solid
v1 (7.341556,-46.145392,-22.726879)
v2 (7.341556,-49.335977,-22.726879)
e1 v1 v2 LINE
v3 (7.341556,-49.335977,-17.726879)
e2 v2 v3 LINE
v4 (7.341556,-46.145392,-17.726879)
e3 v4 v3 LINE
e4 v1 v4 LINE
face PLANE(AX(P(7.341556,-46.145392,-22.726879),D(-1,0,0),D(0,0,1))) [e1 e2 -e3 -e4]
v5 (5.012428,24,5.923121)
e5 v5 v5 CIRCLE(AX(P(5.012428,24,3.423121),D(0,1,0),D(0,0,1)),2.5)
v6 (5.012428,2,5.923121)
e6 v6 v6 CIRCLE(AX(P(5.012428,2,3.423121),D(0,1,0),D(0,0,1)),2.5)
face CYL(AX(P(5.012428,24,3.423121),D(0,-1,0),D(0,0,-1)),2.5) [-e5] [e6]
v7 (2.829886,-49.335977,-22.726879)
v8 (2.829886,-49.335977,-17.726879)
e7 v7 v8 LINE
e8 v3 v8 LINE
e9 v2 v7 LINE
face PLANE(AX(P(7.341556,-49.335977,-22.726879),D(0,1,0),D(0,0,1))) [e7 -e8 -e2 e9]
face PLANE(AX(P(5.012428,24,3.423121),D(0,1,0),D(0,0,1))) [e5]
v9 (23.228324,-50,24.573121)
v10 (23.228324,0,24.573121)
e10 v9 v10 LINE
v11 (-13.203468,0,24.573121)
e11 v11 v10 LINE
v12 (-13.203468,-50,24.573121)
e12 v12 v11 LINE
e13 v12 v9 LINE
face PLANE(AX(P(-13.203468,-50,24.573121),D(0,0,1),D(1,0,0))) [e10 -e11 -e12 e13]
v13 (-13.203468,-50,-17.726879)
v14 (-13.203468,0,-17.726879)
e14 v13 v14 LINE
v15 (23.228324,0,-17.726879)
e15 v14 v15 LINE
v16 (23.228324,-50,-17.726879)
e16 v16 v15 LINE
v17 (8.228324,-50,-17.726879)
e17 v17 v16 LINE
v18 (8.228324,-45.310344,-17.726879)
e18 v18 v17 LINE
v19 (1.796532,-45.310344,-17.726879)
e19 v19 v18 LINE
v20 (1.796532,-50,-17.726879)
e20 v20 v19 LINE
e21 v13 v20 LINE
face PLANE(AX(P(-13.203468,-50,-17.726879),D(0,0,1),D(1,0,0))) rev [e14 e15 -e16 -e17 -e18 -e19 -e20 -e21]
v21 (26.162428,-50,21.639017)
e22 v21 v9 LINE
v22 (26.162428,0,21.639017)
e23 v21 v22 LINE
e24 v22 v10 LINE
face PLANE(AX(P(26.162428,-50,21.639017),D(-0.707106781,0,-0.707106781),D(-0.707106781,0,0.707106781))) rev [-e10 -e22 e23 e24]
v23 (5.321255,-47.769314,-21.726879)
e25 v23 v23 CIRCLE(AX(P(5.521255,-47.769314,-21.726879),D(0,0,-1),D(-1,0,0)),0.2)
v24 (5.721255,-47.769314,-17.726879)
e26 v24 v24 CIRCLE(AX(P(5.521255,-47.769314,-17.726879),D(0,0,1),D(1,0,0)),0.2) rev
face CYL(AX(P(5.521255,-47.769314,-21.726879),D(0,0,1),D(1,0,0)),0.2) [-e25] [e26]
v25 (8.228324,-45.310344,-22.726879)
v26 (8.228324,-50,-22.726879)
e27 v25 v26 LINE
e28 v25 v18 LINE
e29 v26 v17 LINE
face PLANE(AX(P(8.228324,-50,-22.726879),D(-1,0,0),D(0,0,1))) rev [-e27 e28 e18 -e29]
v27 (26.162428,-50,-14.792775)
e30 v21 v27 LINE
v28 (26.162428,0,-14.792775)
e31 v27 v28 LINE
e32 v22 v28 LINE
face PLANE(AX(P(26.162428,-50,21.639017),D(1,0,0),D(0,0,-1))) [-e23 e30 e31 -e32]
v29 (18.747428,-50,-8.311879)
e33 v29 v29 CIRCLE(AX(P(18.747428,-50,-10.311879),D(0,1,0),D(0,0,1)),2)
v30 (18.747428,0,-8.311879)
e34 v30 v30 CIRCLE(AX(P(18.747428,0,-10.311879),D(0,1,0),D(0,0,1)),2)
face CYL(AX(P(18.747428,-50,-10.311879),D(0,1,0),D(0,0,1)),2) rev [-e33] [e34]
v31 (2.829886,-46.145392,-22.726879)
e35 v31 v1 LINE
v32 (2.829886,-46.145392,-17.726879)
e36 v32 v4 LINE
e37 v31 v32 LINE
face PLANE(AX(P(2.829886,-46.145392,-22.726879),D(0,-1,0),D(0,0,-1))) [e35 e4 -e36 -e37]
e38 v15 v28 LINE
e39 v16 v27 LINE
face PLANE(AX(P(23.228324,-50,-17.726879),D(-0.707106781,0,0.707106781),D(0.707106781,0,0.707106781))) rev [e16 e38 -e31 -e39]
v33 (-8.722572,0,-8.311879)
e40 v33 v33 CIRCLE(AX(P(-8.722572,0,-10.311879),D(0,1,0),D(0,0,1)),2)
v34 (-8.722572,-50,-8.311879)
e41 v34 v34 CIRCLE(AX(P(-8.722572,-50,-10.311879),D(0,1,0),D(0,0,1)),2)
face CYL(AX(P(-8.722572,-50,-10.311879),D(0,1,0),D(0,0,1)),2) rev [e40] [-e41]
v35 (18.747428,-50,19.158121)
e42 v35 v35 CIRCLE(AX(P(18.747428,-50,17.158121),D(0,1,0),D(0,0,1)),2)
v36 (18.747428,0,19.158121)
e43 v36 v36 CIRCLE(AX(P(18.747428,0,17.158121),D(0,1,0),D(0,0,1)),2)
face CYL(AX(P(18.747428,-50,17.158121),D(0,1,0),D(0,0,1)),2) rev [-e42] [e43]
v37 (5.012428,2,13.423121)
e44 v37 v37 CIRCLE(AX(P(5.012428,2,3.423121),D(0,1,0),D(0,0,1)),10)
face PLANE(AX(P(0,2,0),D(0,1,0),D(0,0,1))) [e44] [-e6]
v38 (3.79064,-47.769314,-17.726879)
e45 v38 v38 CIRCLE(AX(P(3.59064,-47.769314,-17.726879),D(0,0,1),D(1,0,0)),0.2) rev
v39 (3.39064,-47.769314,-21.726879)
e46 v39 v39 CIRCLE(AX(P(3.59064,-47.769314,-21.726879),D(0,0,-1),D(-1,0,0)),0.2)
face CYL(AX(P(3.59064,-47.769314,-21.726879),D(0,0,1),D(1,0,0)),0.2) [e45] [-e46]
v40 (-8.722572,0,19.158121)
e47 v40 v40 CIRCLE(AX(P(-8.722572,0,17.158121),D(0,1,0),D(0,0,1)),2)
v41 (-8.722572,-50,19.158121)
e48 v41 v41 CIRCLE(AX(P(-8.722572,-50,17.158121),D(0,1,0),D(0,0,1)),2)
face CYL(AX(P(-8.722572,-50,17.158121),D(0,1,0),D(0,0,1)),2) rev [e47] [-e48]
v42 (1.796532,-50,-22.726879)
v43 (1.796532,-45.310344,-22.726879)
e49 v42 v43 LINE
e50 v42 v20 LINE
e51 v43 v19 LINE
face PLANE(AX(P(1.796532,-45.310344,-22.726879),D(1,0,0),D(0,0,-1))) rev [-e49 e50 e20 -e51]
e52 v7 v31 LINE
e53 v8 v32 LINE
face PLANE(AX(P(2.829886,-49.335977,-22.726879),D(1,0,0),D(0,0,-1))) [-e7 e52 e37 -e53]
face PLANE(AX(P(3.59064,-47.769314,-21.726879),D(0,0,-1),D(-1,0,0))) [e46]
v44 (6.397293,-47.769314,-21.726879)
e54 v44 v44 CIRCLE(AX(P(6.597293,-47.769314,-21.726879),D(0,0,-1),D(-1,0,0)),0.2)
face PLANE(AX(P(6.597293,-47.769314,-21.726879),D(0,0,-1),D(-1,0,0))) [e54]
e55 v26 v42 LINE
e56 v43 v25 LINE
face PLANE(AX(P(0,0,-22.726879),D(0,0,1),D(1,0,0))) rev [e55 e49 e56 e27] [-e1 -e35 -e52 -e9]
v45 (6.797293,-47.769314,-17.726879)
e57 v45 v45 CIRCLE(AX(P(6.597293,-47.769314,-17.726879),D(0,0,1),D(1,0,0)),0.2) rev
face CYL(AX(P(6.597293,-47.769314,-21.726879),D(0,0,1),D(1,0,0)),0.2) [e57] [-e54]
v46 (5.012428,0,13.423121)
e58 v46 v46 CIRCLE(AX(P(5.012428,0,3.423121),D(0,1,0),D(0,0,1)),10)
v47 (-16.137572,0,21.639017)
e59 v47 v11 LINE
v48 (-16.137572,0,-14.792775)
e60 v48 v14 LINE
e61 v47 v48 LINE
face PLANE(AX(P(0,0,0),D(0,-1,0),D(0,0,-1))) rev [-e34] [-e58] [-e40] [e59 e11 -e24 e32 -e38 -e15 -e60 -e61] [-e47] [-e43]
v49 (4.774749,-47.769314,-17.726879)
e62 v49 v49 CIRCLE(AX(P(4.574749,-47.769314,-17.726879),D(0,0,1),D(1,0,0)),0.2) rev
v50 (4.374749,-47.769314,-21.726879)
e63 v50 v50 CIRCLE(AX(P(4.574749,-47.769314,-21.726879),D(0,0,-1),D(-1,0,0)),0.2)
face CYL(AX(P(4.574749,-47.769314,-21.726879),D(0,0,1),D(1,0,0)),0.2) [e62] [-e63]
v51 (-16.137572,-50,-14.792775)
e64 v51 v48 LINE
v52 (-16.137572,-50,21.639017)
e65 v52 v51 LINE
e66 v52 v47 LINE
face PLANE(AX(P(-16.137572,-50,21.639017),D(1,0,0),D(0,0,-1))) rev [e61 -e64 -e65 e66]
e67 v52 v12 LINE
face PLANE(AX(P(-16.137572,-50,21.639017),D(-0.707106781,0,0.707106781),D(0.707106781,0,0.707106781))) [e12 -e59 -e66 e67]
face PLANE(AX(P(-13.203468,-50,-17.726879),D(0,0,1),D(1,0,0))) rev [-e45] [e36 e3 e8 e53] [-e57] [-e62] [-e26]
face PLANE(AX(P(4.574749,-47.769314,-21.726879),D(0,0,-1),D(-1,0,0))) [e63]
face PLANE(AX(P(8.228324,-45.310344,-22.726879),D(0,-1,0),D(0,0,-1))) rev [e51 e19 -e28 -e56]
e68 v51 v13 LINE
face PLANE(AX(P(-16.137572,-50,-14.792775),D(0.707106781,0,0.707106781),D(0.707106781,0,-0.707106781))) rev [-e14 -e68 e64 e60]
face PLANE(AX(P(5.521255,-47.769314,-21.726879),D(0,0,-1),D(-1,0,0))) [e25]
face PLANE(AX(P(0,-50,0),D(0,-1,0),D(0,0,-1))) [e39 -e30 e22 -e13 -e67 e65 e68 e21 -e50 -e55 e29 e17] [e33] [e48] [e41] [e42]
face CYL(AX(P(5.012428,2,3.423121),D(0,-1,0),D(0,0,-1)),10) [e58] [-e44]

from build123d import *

# Parameters (mm, degrees)
SKETCH_1_R      = 10
EXTRUDE_2_DEPTH = 2
SKETCH_1_6_R    = 2
EXTRUDE_5_DEPTH = 50
SKETCH_8_W      = 6.431791907
SKETCH_8_H      = 4.68965636
SKETCH_8_W_2    = 4.511669879
SKETCH_8_H_2    = 3.190584844
EXTRUDE_7_DEPTH = 5
SKETCH_10_R     = 0.2
EXTRUDE_8_DEPTH = 4
SKETCH_11_R     = 2.5
EXTRUDE_9_DEPTH = 22


with BuildPart() as part:
    # 草图1 → 凸台-拉伸2 (new body)
    with BuildSketch(Plane(origin=(0, 0, 0), x_dir=(1, 0, 0), z_dir=(0, 1, 0))):
        with Locations((5.012427746, -3.423121387)):
            Circle(SKETCH_1_R)
    extrude(amount=EXTRUDE_2_DEPTH)

    # 草图1<6> → 凸台-拉伸5 (add)
    with BuildSketch(Plane(origin=(0, 0, 0), x_dir=(1, 0, 0), z_dir=(0, 1, 0))):
        Polygon((-16.137572254, -21.639017341), (-16.137572254, 14.792774566), (-13.203468208, 17.726878613), (23.228323699, 17.726878613), (26.162427746, 14.792774566), (26.162427746, -21.639017341), (23.228323699, -24.573121387), (-13.203468208, -24.573121387), align=None)
        with Locations((-8.722572254, -17.158121387)):
            Circle(SKETCH_1_6_R, mode=Mode.SUBTRACT)
        with Locations((-8.722572254, 10.311878613)):
            Circle(SKETCH_1_6_R, mode=Mode.SUBTRACT)
        with Locations((18.747427746, -17.158121387)):
            Circle(SKETCH_1_6_R, mode=Mode.SUBTRACT)
        with Locations((18.747427746, 10.311878613)):
            Circle(SKETCH_1_6_R, mode=Mode.SUBTRACT)
    extrude(amount=-EXTRUDE_5_DEPTH)

    # 草图8 → 凸台-拉伸7 (add)
    with BuildSketch(Plane(origin=(0, 0, -17.726878613), x_dir=(-1, 0, 0), z_dir=(0, 0, -1))):
        with Locations((-5.012427746, -47.65517182)):
            Rectangle(SKETCH_8_W, SKETCH_8_H)
        with Locations((-5.085720746, -47.740684826)):
            Rectangle(SKETCH_8_W_2, SKETCH_8_H_2, mode=Mode.SUBTRACT)
    extrude(amount=EXTRUDE_7_DEPTH)

    # 草图10 → 凸台-拉伸8 (add)
    with BuildSketch(Plane(origin=(0, 0, -17.726878613), x_dir=(-1, 0, 0), z_dir=(0, 0, -1))):
        with Locations((-6.597292785, -47.769314004)):
            Circle(SKETCH_10_R)
        with Locations((-5.521254618, -47.769314004)):
            Circle(SKETCH_10_R)
        with Locations((-4.574749057, -47.769314004)):
            Circle(SKETCH_10_R)
        with Locations((-3.590639555, -47.769314004)):
            Circle(SKETCH_10_R)
    extrude(amount=EXTRUDE_8_DEPTH)

    # 草图11 → 凸台-拉伸9 (add)
    with BuildSketch(Plane(origin=(0, 2, 0), x_dir=(1, 0, 0), z_dir=(0, 1, 0))):
        with Locations((5.012427746, -3.423121387)):
            Circle(SKETCH_11_R)
    extrude(amount=EXTRUDE_9_DEPTH)


solid = part.part
